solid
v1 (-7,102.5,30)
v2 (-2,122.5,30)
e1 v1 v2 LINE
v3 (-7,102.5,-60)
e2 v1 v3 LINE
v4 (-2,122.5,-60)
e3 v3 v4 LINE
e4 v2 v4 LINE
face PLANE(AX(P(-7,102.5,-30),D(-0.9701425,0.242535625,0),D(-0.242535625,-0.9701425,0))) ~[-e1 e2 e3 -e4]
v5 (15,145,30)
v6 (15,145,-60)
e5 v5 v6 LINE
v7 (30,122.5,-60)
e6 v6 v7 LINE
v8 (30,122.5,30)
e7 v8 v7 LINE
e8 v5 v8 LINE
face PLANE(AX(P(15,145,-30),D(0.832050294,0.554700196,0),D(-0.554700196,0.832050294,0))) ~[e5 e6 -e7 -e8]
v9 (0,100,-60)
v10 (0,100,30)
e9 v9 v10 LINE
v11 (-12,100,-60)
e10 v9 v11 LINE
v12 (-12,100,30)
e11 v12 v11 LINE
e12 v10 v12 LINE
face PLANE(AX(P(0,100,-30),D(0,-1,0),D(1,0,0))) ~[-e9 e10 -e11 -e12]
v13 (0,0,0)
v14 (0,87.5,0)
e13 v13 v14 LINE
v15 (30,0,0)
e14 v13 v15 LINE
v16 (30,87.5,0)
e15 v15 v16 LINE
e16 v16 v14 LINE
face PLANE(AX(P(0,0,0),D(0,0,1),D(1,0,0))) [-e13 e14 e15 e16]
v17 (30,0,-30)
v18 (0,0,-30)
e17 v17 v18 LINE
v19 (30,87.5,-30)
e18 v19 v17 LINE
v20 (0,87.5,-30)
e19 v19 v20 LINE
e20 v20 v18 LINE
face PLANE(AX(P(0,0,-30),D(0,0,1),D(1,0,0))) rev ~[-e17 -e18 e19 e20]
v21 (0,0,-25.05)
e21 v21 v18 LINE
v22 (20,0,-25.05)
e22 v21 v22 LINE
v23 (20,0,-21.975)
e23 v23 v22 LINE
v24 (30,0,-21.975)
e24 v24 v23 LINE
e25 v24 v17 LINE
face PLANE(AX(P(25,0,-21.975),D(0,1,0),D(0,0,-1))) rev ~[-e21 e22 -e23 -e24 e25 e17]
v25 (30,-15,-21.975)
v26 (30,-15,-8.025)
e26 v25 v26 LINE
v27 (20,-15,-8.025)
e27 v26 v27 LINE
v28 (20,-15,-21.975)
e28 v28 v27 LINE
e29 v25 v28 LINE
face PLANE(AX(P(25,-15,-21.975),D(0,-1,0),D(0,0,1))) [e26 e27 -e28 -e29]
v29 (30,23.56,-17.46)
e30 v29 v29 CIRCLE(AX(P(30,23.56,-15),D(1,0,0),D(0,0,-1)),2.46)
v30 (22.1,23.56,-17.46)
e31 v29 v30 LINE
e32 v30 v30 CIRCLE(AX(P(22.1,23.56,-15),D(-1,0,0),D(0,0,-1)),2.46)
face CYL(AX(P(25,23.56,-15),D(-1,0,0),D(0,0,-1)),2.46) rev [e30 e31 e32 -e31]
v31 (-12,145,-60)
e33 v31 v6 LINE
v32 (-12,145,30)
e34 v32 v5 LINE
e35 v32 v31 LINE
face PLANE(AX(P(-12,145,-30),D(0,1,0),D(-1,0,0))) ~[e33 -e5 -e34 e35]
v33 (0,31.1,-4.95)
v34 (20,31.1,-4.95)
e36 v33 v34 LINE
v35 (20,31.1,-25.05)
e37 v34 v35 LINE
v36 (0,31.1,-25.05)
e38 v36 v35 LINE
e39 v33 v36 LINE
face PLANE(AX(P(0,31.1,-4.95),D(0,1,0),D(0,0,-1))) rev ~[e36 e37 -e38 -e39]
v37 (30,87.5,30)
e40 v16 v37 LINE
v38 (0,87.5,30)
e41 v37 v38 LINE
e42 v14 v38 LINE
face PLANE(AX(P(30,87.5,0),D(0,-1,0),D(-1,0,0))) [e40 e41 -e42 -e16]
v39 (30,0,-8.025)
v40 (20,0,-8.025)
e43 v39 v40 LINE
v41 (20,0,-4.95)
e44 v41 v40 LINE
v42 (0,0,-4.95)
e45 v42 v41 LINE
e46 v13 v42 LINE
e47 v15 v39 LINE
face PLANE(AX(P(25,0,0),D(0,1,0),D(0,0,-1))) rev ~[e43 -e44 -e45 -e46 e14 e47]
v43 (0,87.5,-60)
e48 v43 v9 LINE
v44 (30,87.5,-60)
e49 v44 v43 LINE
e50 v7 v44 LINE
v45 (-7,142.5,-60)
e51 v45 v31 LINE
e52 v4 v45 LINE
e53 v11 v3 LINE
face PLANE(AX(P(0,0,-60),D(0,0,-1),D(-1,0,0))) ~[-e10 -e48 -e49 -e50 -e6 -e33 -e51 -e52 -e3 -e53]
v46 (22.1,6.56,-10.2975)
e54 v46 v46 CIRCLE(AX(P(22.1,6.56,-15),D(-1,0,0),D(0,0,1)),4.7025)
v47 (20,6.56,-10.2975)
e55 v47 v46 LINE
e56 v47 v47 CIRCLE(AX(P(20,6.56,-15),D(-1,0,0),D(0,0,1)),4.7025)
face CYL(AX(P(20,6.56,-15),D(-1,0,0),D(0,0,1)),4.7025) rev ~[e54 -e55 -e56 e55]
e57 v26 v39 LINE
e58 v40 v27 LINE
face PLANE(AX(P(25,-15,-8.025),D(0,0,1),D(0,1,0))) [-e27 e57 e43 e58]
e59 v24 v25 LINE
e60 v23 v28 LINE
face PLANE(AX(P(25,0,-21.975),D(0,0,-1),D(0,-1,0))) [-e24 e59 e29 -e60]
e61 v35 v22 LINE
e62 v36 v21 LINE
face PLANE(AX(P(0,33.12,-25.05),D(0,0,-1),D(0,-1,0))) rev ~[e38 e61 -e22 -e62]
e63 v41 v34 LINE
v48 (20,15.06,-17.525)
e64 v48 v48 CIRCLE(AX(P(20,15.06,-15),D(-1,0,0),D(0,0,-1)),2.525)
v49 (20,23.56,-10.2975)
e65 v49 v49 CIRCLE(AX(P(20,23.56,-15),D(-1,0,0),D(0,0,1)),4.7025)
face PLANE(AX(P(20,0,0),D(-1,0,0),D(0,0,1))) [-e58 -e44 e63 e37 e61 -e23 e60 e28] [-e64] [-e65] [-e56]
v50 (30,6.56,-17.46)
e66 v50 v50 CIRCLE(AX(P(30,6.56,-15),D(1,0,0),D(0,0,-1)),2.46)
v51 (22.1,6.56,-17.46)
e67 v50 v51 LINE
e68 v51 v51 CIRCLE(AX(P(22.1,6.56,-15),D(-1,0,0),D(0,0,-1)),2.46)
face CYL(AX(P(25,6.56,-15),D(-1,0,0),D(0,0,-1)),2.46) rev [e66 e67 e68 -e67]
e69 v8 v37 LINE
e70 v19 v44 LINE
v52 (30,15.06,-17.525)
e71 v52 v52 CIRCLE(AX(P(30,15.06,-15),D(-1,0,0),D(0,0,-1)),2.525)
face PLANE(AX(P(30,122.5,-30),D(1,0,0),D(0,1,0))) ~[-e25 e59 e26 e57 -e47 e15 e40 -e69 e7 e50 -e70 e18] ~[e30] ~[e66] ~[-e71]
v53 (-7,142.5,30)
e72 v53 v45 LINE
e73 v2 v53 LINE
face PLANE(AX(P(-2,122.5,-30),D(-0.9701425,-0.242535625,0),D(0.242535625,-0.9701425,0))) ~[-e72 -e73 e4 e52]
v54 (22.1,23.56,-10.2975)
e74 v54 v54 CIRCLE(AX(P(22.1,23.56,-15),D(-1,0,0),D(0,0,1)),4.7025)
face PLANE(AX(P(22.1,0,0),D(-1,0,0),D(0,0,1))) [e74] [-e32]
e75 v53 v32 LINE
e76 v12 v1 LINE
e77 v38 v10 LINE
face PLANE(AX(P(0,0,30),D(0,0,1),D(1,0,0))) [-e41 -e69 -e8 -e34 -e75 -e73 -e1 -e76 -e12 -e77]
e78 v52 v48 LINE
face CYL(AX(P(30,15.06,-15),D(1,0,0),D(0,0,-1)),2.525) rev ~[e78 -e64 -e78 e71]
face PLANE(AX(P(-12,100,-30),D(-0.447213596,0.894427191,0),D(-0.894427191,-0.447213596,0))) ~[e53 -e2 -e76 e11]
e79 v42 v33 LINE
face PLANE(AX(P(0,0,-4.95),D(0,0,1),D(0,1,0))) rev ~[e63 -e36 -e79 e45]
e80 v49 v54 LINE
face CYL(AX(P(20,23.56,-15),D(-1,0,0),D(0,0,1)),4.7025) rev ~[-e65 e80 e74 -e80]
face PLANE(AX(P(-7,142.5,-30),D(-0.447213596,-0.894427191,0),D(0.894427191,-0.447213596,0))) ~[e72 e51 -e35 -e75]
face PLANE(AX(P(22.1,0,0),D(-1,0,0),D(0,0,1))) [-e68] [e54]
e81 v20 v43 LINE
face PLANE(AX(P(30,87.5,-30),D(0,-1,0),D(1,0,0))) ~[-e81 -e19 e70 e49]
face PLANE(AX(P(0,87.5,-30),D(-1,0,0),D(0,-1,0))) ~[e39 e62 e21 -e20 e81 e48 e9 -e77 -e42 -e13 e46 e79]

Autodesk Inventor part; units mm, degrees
ref_plane "YZ Plane" through (0, 0, 0) normal (1, 0, 0) x (0, 1, 0)
ref_plane "XZ Plane" through (0, 0, 0) normal (0, 1, 0) x (-1, 0, 0)
sketch "Sketch1" plane through (0, 0, 0) normal (0, 0, 1) x (1, 0, 0)
  line L0 (0, 0) -> (25, 0)
  line L1 (25, 0) -> (25, 40)
  line L2 (25, 40) -> (0, 40)
  line L3 (0, 40) -> (0, 0)
  dimension "d1" = 25
  dimension "d2" = 40
  dimension "d3" = 25
extrude "Extrusion1" add sketch "Sketch1" against normal blind 30
sketch "Sketch2" plane through (25, 0, 0) normal (1, 0, 0) x (0, 0, -1)
  line L0 (0, 0) -> (30, 0) projected
  circle A0 centre (15, 6.56) radius 2.46
extrude "Extrusion2" cut sketch "Sketch2" against normal blind 30
sketch "Sketch3" plane through (0, 0, 0) normal (-1, 0, 0) x (0, 0, 1)
  line L0 (0, 0) -> (-30, 0) projected
  line L1 (-25.05, 0) -> (-4.95, 0)
  line L2 (-4.95, 0) -> (-4.95, 33.12)
  line L3 (-4.95, 33.12) -> (-25.05, 33.12)
  line L4 (-25.05, 33.12) -> (-25.05, 0)
  dimension "d11" = 20.1
extrude "Extrusion3" cut sketch "Sketch3" against normal blind 20
sketch "Sketch4" plane through (0, 0, 0) normal (0, -1, 0) x (1, 0, 0)
  line L0 (20, -4.95) -> (20, -25.05) projected
  line L1 (20, -15) -> (25, -15)
  line L2 (25, 0) -> (25, -30) projected
  line L3 (20, -8.025) -> (25, -8.025)
  line L4 (25, -8.025) -> (25, -21.975)
  line L5 (25, -21.975) -> (20, -21.975)
  line L6 (20, -21.975) -> (20, -8.025)
  line L7 (20, -8.025) -> (25, -21.975) construction
  line L8 (25, -8.025) -> (20, -21.975) construction
  line L9 (25, -12.54) -> (25, -17.46) projected
  point P0 (0, 0)
  point P1 (22.5, -15)
  dimension "d14" = 13.95
extrude "Extrusion4" add sketch "Sketch4" along normal blind 15
sketch "Sketch5" plane through (20, 0, 0) normal (-1, 0, 0) x (0, 0, 1)
  circle A0 centre (-15, 6.56) radius 2.46 projected
  circle A1 centre (-15, 6.56) radius 4.7025
  circle A2 centre (-15, 6.56) radius 2.46 projected
  circle A3 centre (-15, 6.56) radius 2.46
  point P0 (0, 0)
  dimension "d17" = 9.405
extrude "Extrusion5" cut sketch "Sketch5" against normal blind 2.1
sketch "Sketch6" plane through (25, 0, 0) normal (1, 0, 0) x (0, 0, -1)
  circle A0 centre (15, 6.56) radius 4.7025 projected
  line L0 (15, 6.56) -> (15, 23.56)
  circle A1 centre (15, 23.56) radius 2.46
  point P0 (0, 0)
  dimension "d20" = 17
  dimension "d21" = 4.92
extrude "Extrusion6" cut sketch "Sketch6" against normal blind 10 contours A1
sketch "Sketch7" plane through (20, 0, 0) normal (-1, 0, 0) x (0, 0, 1)
  circle A0 centre (-15, 23.56) radius 2.46 projected
  circle A1 centre (-15, 23.56) radius 4.7025
  point P0 (0, 0)
  dimension "d24" = 9.405
extrude "Extrusion7" cut sketch "Sketch7" against normal blind 2.1
sketch "Sketch9" plane through (25, 0, 0) normal (1, 0, 0) x (0, 0, -1)
  circle A0 centre (15, 6.56) radius 2.46 projected
  circle A1 centre (15, 6.56) radius 2.46
  circle A2 centre (15, 23.56) radius 2.46 projected
  circle A3 centre (15, 23.56) radius 2.46
  line L0 (30, 40) -> (30, 0) projected
  line L1 (30, 0) -> (30, 40)
  line L2 (30, 40) -> (0, 40)
  line L3 (0, 40) -> (0, 0)
  line L4 (0, 0) -> (8.025, 0) projected
  line L5 (21.975, 0) -> (21.975, -15)
  line L6 (21.975, -15) -> (8.025, -15)
  line L7 (8.025, -15) -> (8.025, 0)
  line L8 (0, 0) -> (8.025, 0)
  line L9 (21.975, 0) -> (30, 0)
extrude "Extrusion8" add sketch "Sketch9" along normal blind 5
sketch "Sketch10" plane through (0, 40, 0) normal (0, 1, 0) x (1, 0, 0)
  line L0 (0, 30) -> (30, 30) projected
  line L1 (30, 0) -> (0, 0) projected
  line L2 (0, 30) -> (30, 30)
  line L3 (30, 30) -> (30, 0)
  line L4 (30, 0) -> (0, 0)
  line L5 (0, 0) -> (0, 30)
extrude "Extrusion9" add sketch "Sketch10" along normal blind 30
sketch "Sketch12" plane through (30, 0, 0) normal (1, 0, 0) x (0, 0, -1)
  circle A0 centre (15, 6.56) radius 2.46 projected
  line L0 (15, 6.56) -> (15, 15.06)
  circle A1 centre (15, 15.06) radius 2.525
  point P0 (0, 0)
  dimension "d31" = 8.5
  dimension "d33" = 5.05
extrude "Extrusion10" cut sketch "Sketch12" against normal blind 30 contours A1
sketch "Sketch14" plane through (0, 0, 0) normal (0, 0, 1) x (1, 0, 0)
  line L0 (30, 70) -> (0, 70) projected
  line L1 (0, 70) -> (0, 100)
  line L2 (30, 0) -> (30, 70) projected
  line L3 (30, 122.5) -> (30, 70)
  line L4 (30, 105) -> (30, 100)
  line L5 (-12, 145) -> (15, 145)
  line L6 (-7, 142.5) -> (-12, 145)
  line L7 (-7, 102.5) -> (-12, 100)
  line L8 (-7, 102.5) -> (-2, 122.5)
  line L9 (-2, 122.5) -> (-7, 142.5)
  line L10 (30, 122.5) -> (15, 145)
  line L11 (0, 100) -> (-12, 100)
  point P0 (0, 0)
  dimension "d86" = 12
extrude "Extrusion12" add sketch "Sketch14" against normal blind 30
sketch "Sketch15" plane through (0, 0, -25.05) normal (-1, 0, 0) x (0, 0, 1)
  line L0 (0, 33.12) -> (20.1, 33.12) projected
  line L1 (20.1, 33.12) -> (20.1, 0) projected
  line L2 (0, 33.12) -> (20.1, 33.12)
  line L3 (20.1, 33.12) -> (20.1, 31.1)
  line L4 (20.1, 31.1) -> (0, 31.1)
  line L5 (0, 31.1) -> (0, 33.12)
  point P0 (25.05, 0)
  dimension "d57" = 2.02
extrude "Extrusion13" add sketch "Sketch15" against normal blind 20
sketch "Sketch24" plane through (0, 0, 0) normal (0, 0, 1) x (1, 0, 0)
  line L0 (0, 100) -> (-12, 100) projected
  line L1 (-12, 100) -> (-7, 102.5) projected
  line L2 (0, 100) -> (-12, 100)
  line L3 (-12, 100) -> (-7, 102.5)
  line L4 (-7, 102.5) -> (-2, 122.5) projected
  line L5 (-7, 102.5) -> (-2, 122.5)
  line L6 (-2, 122.5) -> (-7, 142.5) projected
  line L7 (-2, 122.5) -> (-7, 142.5)
  line L8 (-7, 142.5) -> (-12, 145) projected
  line L9 (-7, 142.5) -> (-12, 145)
  line L10 (-12, 145) -> (15, 145) projected
  line L11 (-12, 145) -> (15, 145)
  line L12 (15, 145) -> (30, 122.5) projected
  line L13 (15, 145) -> (30, 122.5)
  line L14 (30, 122.5) -> (30, 87.5)
  line L15 (30, 87.5) -> (0, 87.5)
  line L16 (0, 87.5) -> (0, 100)
  point P0 (0, 0)
  dimension "d87" = 35
  dimension "d88" = 30
extrude "Extrusion14" add sketch "Sketch24" along normal blind 30
ref_plane "Work Plane1" through (0, 0, -15) normal (0, 0, 1) x (1, 0, 0)
mirror "Mirror1" about plane through (0, 0, -15) normal (0, 0, 1) of "Extrusion14"
properties part number "rec_b_40mm_x_90mm"
